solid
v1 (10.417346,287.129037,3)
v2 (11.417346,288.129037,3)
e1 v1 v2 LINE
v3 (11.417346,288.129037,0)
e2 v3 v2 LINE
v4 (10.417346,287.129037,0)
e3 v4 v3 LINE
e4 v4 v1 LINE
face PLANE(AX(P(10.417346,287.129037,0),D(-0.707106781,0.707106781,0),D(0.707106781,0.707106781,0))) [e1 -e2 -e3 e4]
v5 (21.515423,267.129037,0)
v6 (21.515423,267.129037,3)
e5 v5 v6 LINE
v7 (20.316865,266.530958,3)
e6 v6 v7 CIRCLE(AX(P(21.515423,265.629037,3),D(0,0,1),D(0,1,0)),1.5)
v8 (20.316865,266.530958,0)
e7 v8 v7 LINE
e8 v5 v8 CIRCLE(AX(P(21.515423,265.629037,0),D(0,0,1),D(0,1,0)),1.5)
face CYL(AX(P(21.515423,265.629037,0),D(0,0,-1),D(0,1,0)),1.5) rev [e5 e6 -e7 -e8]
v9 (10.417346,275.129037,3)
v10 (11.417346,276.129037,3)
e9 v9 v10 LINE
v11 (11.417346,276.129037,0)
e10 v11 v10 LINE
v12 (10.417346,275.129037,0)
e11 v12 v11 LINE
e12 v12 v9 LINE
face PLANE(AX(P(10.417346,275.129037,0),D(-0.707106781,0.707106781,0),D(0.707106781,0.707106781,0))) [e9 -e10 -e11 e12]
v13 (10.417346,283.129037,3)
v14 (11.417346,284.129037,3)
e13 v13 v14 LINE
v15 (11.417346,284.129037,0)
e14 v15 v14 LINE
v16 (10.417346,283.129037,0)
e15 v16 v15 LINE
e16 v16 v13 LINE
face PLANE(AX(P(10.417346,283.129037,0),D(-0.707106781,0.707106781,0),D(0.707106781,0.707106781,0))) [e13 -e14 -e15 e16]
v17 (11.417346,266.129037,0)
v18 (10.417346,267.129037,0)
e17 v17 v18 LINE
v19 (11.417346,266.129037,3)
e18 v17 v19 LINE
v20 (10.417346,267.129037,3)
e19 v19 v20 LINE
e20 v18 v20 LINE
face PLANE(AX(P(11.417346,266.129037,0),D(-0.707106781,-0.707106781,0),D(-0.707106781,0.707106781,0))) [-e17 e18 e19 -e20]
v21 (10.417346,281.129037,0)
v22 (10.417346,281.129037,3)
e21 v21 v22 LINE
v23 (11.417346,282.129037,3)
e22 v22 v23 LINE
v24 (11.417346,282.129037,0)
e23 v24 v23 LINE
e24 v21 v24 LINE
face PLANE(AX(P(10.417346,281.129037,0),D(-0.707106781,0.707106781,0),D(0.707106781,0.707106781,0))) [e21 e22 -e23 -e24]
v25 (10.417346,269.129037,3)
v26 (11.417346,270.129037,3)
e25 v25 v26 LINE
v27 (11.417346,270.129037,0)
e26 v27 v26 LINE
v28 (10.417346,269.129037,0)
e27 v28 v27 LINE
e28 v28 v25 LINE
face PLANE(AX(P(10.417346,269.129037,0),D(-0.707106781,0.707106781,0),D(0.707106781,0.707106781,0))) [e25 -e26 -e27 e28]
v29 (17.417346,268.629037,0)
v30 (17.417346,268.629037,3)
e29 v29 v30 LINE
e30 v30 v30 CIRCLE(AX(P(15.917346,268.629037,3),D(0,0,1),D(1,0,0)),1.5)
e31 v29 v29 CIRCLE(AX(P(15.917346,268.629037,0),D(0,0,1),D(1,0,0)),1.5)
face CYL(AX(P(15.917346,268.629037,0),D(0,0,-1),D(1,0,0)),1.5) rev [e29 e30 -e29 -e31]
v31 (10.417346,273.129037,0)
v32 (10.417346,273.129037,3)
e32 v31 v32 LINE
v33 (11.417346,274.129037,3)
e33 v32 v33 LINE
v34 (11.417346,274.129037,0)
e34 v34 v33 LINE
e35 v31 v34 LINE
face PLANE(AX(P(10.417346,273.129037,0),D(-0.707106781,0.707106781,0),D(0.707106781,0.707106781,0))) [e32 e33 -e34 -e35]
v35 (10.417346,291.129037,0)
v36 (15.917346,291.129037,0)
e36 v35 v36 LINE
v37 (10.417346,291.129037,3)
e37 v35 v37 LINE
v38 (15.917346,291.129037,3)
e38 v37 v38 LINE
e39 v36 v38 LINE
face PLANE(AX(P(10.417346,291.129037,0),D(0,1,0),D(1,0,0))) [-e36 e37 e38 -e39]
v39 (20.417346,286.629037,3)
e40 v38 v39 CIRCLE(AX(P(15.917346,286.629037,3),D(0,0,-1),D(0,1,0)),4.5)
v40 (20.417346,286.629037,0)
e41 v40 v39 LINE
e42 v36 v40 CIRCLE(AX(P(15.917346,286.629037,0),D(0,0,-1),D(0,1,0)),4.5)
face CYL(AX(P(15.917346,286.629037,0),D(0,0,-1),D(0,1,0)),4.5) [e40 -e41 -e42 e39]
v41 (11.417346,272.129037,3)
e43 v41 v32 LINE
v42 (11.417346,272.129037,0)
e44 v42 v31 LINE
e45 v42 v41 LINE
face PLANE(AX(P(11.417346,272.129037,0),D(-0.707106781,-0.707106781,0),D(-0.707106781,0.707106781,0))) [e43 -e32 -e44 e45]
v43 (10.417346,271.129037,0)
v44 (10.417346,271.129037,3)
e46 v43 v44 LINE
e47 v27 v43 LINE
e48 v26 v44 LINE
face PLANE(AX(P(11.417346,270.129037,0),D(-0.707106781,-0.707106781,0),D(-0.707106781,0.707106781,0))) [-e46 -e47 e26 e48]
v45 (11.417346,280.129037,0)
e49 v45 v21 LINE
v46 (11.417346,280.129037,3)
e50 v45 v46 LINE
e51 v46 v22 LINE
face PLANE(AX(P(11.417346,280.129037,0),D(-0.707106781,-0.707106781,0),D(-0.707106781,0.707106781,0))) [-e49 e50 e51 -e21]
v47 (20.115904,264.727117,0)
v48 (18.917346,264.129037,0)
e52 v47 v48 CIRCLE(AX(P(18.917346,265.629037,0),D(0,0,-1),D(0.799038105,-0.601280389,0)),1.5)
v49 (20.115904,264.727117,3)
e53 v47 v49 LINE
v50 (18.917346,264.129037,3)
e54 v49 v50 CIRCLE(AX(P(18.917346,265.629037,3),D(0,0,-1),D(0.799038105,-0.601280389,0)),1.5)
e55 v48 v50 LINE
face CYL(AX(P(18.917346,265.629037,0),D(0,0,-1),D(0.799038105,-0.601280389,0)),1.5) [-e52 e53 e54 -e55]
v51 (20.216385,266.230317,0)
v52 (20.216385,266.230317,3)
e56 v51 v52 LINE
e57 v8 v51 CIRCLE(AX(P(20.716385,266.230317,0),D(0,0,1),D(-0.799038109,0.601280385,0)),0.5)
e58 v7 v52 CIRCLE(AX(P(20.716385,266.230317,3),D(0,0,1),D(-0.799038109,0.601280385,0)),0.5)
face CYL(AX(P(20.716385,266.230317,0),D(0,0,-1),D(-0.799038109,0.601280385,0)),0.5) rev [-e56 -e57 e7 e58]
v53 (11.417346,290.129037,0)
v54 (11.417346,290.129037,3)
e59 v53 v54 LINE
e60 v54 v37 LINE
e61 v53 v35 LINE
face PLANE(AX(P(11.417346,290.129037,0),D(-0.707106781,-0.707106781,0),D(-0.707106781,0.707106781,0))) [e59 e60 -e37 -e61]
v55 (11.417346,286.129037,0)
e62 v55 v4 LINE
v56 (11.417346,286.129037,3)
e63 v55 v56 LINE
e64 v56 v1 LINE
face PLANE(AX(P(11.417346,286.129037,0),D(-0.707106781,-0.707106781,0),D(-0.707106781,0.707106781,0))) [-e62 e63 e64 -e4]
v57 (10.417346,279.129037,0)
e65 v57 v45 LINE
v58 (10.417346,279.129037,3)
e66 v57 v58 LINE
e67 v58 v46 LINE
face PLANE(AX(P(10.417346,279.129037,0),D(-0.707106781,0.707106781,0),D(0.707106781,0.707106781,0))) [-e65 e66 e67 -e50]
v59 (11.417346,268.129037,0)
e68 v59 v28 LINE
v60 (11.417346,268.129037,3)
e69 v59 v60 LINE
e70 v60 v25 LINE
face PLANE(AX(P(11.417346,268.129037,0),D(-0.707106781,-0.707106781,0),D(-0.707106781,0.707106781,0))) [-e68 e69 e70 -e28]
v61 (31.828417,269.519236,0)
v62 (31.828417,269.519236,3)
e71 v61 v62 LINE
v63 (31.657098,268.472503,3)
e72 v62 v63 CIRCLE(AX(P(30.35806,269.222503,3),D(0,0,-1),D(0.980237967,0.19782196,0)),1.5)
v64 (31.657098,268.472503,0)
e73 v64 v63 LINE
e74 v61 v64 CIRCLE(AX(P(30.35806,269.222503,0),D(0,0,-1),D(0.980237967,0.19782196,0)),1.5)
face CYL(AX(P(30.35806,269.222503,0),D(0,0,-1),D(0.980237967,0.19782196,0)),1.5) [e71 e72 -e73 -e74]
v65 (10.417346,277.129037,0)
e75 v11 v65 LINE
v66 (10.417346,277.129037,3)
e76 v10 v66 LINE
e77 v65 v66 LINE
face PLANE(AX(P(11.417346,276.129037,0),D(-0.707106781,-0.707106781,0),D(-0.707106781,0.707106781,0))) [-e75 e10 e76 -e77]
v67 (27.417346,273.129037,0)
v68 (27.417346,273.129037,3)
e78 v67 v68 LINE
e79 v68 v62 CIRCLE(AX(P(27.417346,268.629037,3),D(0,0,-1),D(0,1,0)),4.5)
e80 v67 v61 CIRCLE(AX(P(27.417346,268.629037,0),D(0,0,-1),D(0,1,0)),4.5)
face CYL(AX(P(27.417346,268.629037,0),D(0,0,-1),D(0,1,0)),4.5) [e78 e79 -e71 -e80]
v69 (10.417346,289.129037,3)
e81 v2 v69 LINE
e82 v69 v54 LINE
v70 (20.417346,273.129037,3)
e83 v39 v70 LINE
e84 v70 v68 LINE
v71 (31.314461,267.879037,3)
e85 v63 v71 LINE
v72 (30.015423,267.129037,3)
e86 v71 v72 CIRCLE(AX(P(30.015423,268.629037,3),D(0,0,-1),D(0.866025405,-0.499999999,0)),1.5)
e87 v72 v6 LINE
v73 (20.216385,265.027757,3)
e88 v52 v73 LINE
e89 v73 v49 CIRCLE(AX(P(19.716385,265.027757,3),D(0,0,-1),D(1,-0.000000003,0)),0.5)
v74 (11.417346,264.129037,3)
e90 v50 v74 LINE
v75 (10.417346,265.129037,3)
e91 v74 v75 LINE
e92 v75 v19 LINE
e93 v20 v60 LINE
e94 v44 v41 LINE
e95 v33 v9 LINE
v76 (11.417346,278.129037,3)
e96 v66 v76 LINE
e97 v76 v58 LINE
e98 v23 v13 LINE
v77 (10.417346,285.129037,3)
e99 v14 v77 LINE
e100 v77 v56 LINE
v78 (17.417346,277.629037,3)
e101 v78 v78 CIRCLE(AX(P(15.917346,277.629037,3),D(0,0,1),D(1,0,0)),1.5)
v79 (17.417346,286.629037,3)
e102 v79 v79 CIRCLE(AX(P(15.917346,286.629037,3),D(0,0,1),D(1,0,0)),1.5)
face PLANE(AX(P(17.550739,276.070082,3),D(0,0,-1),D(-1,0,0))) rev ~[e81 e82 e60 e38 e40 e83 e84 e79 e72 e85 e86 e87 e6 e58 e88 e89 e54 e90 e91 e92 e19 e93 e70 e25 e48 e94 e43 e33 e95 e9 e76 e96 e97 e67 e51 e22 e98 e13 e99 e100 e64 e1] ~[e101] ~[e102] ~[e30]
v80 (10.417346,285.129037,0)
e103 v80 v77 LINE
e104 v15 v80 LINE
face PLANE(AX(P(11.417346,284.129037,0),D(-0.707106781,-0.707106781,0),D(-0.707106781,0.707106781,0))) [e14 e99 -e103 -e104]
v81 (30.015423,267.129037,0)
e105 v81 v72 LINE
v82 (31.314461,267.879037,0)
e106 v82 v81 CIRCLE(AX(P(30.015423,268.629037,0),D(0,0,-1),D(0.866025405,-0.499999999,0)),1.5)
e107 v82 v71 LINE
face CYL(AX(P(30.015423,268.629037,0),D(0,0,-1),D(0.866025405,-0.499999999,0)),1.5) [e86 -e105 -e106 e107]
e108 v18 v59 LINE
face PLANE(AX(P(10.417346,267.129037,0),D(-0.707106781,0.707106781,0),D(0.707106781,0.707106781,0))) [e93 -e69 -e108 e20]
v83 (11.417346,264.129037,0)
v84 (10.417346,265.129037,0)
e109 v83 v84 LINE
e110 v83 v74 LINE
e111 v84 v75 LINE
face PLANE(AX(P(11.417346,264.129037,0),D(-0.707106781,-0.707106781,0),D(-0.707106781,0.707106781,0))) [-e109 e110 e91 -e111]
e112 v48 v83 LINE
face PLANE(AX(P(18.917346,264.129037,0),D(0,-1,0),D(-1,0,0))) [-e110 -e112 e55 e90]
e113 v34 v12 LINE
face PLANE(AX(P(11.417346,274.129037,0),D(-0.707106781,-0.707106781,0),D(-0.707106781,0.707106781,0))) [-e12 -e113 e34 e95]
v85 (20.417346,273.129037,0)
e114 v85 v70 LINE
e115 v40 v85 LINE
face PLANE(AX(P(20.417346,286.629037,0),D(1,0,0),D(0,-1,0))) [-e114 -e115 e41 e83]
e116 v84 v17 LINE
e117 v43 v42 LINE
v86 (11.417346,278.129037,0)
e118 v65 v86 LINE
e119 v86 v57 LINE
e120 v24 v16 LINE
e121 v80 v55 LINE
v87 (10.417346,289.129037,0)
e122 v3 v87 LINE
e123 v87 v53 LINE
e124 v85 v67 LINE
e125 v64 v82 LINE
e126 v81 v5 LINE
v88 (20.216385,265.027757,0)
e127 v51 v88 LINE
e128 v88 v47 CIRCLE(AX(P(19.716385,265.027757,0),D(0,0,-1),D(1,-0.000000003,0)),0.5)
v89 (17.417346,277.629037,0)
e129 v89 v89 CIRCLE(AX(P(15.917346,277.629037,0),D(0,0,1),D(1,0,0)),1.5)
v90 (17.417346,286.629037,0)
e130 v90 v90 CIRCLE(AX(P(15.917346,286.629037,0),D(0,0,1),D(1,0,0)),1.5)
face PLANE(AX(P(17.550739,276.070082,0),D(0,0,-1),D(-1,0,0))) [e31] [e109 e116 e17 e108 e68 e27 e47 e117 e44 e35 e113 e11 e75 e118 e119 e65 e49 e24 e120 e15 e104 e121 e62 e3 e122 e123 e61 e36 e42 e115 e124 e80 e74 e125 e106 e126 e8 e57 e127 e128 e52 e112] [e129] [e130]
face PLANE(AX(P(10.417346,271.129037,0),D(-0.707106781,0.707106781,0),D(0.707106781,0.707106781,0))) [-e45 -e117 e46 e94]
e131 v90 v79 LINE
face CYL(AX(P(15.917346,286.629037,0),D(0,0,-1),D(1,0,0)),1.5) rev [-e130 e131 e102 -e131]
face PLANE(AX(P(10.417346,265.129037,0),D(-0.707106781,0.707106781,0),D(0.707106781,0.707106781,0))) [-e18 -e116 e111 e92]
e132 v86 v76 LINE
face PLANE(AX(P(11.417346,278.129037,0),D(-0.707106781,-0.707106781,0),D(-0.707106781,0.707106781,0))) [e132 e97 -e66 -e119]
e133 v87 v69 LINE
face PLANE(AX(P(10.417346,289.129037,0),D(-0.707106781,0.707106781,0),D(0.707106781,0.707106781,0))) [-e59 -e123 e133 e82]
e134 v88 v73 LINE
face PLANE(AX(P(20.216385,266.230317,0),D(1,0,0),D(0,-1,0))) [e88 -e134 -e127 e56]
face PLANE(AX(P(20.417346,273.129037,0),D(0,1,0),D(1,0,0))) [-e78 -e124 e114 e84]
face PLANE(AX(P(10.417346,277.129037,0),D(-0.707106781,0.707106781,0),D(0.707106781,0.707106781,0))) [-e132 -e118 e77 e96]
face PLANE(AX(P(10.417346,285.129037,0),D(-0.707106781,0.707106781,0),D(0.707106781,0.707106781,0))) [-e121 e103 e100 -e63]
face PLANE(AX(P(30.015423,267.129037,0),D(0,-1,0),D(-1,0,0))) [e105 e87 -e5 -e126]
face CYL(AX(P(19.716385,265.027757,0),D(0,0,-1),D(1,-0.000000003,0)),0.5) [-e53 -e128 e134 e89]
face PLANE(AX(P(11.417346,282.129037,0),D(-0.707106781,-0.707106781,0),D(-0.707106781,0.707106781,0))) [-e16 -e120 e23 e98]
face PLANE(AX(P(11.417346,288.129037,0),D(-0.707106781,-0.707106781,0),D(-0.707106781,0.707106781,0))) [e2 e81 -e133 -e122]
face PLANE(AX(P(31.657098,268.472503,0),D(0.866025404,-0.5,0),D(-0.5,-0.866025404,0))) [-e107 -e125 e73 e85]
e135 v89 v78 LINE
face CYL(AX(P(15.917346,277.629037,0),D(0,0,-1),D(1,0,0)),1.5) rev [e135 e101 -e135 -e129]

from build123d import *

# Parameters (mm, degrees)
MODEL_R                 = 1.5
SALIENTE_EXTRUIR1_DEPTH = 3


with BuildPart() as part:
    # Model → Saliente-Extruir1 (new body)
    with BuildSketch(Plane.XY):
        with BuildLine():
            Line((10.417346401, 265.129037091), (11.417346401, 266.129037091))
            Line((11.417346401, 266.129037091), (10.417346401, 267.129037091))
            Line((10.417346401, 267.129037091), (11.417346401, 268.129037091))
            Line((11.417346401, 268.129037091), (10.417346401, 269.129037091))
            Line((10.417346401, 269.129037091), (11.417346401, 270.129037091))
            Line((11.417346401, 270.129037091), (10.417346401, 271.129037091))
            Line((10.417346401, 271.129037091), (11.417346401, 272.129037091))
            Line((11.417346401, 272.129037091), (10.417346401, 273.129037091))
            Line((10.417346401, 273.129037091), (11.417346401, 274.129037091))
            Line((11.417346401, 274.129037091), (10.417346401, 275.129037091))
            Line((10.417346401, 275.129037091), (11.417346401, 276.129037091))
            Line((11.417346401, 276.129037091), (10.417346401, 277.129037091))
            Line((10.417346401, 277.129037091), (11.417346401, 278.129037091))
            Line((11.417346401, 278.129037091), (10.417346401, 279.129037091))
            Line((10.417346401, 279.129037091), (11.417346401, 280.129037091))
            Line((11.417346401, 280.129037091), (10.417346401, 281.129037091))
            Line((10.417346401, 281.129037091), (11.417346401, 282.129037091))
            Line((11.417346401, 282.129037091), (10.417346401, 283.129037091))
            Line((10.417346401, 283.129037091), (11.417346401, 284.129037091))
            Line((11.417346401, 284.129037091), (10.417346401, 285.129037091))
            Line((10.417346401, 285.129037091), (11.417346401, 286.129037091))
            Line((11.417346401, 286.129037091), (10.417346401, 287.129037091))
            Line((10.417346401, 287.129037091), (11.417346401, 288.129037091))
            Line((11.417346401, 288.129037091), (10.417346401, 289.129037091))
            Line((10.417346401, 289.129037091), (11.417346401, 290.129037091))
            Line((11.417346401, 290.129037091), (10.417346401, 291.129037091))
            Line((10.417346401, 291.129037091), (15.917346401, 291.129037091))
            ThreePointArc((15.917346401, 291.129037091), (19.099326917, 289.811017606), (20.417346401, 286.629037091))
            Line((20.417346401, 286.629037091), (20.417346401, 273.129037091))
            Line((20.417346401, 273.129037091), (27.417346401, 273.129037091))
            ThreePointArc((27.417346401, 273.129037091), (30.267267915, 272.111557351), (31.828417252, 269.51923592))
            ThreePointArc((31.828417252, 269.51923592), (31.838364225, 268.980221543), (31.657098407, 268.472502977))
            Line((31.657098407, 268.472502977), (31.314460718, 267.879037091))
            ThreePointArc((31.314460718, 267.879037091), (30.765422613, 267.329998985), (30.015422613, 267.129037091))
            Line((30.015422613, 267.129037091), (21.515422613, 267.129037091))
            ThreePointArc((21.515422613, 267.129037091), (20.845676718, 266.971214589), (20.316865454, 266.530957674))
            ThreePointArc((20.316865454, 266.530957674), (20.242169616, 266.388811129), (20.216384507, 266.23031748))
            Line((20.216384507, 266.23031748), (20.216384507, 265.027756703))
            ThreePointArc((20.216384507, 265.027756703), (20.190599398, 264.869263053), (20.11590356, 264.727116508))
            ThreePointArc((20.11590356, 264.727116508), (19.587092296, 264.286859593), (18.917346401, 264.129037091))
            Line((18.917346401, 264.129037091), (11.417346401, 264.129037091))
            Line((11.417346401, 264.129037091), (10.417346401, 265.129037091))
        make_face()
        with Locations((15.917346401, 268.629037091)):
            Circle(MODEL_R, mode=Mode.SUBTRACT)
        with Locations((15.917346401, 277.629037091)):
            Circle(MODEL_R, mode=Mode.SUBTRACT)
        with Locations((15.917346401, 286.629037091)):
            Circle(MODEL_R, mode=Mode.SUBTRACT)
    extrude(amount=SALIENTE_EXTRUIR1_DEPTH)


solid = part.part
